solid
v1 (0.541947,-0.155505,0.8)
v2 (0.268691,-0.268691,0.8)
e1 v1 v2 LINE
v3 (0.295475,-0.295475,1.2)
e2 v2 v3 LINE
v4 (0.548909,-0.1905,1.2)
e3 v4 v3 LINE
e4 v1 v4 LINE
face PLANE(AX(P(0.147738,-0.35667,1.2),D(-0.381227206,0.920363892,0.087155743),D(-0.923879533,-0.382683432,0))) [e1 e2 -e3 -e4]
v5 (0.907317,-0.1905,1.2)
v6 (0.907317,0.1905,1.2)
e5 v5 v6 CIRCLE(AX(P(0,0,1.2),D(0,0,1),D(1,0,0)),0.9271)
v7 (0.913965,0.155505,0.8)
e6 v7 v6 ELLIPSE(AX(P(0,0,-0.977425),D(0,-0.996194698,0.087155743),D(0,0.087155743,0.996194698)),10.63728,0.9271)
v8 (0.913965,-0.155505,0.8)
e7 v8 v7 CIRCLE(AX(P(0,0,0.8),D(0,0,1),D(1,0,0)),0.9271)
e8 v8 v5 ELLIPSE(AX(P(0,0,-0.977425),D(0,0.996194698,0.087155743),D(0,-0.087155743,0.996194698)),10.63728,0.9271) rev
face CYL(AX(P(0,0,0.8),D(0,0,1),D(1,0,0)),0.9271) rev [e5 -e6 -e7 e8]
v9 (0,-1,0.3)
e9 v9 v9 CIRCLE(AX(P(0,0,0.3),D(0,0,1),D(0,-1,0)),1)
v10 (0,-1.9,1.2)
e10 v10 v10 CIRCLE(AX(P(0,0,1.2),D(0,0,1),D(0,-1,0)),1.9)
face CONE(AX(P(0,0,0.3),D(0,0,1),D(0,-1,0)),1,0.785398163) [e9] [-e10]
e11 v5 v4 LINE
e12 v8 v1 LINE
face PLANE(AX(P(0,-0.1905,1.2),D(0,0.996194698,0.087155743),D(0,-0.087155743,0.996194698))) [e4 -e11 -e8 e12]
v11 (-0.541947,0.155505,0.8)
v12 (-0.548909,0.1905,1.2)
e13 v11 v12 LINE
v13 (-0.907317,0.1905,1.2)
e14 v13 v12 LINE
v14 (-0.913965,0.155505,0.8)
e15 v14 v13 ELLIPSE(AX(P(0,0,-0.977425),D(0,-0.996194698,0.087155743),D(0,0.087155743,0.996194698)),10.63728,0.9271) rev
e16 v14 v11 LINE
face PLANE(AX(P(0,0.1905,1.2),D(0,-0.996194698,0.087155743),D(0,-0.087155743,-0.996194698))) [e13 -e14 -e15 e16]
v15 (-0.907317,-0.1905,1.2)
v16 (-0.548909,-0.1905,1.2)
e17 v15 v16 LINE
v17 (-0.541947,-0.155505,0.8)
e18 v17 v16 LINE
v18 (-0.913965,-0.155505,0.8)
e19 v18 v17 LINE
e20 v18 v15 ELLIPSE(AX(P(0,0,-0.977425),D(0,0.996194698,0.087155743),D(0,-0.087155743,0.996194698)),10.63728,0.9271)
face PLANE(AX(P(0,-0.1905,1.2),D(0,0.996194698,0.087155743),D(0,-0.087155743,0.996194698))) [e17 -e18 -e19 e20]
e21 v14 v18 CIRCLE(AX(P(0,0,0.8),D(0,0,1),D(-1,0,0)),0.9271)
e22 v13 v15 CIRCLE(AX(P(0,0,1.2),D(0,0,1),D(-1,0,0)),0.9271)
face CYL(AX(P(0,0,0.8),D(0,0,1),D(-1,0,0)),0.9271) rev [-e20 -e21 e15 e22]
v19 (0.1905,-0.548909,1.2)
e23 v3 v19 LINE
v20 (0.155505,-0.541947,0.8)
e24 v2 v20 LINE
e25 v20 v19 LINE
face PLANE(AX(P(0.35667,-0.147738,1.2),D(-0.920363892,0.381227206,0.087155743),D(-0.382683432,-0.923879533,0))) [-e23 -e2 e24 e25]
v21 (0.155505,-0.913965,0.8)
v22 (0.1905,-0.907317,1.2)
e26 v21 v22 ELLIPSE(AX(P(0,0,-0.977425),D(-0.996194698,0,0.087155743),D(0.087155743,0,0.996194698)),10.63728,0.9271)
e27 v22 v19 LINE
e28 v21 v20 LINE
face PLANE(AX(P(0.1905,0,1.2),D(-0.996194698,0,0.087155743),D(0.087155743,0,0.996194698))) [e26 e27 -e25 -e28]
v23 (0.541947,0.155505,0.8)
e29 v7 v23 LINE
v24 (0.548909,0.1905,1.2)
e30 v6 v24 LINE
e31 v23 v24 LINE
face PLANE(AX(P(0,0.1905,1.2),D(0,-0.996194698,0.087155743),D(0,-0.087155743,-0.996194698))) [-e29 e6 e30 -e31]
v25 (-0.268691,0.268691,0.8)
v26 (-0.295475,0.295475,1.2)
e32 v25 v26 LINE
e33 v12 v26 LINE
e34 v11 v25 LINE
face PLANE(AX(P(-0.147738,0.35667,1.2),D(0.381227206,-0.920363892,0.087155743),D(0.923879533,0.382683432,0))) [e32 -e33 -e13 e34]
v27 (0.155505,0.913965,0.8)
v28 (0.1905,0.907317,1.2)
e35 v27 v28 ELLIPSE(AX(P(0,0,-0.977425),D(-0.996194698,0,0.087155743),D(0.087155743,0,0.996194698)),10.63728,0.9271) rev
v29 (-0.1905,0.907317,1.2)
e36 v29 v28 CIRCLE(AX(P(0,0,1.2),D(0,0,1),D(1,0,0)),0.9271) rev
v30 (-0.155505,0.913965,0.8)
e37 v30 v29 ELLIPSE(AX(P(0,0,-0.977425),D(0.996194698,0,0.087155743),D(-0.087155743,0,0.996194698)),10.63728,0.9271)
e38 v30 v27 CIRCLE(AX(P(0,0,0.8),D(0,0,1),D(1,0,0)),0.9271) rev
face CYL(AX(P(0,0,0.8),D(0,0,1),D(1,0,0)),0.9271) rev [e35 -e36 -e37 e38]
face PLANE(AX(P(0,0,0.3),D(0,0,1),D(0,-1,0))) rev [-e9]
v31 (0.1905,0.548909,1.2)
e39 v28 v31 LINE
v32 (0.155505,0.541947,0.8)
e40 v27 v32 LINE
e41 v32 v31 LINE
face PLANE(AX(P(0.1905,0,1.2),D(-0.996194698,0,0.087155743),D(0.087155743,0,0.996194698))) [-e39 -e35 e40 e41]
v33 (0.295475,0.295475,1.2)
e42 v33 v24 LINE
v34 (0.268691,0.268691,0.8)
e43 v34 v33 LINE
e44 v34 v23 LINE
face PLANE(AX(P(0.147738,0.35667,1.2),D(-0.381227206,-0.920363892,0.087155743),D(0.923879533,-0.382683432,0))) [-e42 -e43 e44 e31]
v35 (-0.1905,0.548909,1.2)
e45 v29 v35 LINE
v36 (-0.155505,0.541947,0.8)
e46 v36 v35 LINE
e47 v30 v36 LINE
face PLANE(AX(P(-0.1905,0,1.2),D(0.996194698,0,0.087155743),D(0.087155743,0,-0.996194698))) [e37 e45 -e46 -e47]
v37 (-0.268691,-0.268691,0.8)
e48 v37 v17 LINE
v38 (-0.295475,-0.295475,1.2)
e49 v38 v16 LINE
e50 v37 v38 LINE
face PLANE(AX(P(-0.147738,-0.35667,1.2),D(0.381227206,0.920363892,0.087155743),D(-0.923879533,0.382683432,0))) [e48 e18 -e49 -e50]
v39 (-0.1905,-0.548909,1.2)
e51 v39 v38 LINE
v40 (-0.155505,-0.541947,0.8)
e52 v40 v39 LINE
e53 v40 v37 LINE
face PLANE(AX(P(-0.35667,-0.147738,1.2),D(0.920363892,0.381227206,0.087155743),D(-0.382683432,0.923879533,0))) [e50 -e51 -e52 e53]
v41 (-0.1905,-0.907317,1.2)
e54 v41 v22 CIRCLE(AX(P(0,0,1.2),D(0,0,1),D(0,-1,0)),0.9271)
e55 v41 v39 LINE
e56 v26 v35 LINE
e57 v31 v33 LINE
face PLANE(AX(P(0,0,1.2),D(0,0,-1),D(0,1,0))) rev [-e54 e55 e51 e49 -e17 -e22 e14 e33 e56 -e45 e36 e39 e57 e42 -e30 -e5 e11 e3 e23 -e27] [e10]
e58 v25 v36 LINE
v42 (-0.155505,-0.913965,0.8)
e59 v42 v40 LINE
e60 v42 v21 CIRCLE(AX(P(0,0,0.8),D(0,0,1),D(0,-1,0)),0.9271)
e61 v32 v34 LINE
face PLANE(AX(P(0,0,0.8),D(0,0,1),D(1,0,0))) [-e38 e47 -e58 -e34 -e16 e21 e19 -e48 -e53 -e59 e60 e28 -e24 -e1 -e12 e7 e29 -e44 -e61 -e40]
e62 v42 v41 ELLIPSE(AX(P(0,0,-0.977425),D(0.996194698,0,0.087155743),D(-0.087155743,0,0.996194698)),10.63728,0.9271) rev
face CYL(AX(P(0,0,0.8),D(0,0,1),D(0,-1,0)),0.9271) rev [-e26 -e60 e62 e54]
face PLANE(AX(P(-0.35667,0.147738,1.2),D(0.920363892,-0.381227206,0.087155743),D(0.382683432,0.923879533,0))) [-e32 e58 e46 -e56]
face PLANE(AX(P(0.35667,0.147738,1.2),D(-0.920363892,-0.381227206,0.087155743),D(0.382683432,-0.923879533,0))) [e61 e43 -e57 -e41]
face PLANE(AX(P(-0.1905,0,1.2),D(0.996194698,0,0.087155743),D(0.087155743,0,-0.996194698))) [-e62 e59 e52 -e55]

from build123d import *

# Parameters (mm, degrees)
CUT_EXTRUDE1_DEPTH = 0.4
CIRPATTERN1_COUNT  = 4
DRAFT2_ANGLE       = 5


with BuildPart() as part:
    # Sketch3 → Revolve1 (revolve)
    with BuildSketch(Plane(origin=(0, 0, 0), x_dir=(0, 0, -1), z_dir=(1, 0, 0)), mode=Mode.PRIVATE) as revolve1_sk:
        Polygon((-1.2, 0), (-1.2, 1.9), (-0.3, 1), (-0.3, 0), align=None)
    revolve(revolve1_sk.sketch.rotate(Axis((0, 0, 1.2), (0, 0, -1)), 180), axis=Axis((0, 0, 1.2), (0, 0, -1)))

    # Sketch4 → Cut-Extrude1 (cut)
    with BuildSketch(Plane.XY.offset(1.2)):
        with BuildLine():
            Line((0, 0), (0.9271, 0))
            ThreePointArc((0.9271, 0), (0.92214099, 0.095762227), (0.907317012, 0.1905))
            Line((0.907317012, 0.1905), (0.548908506, 0.1905))
            Line((0.548908506, 0.1905), (0.295475421, 0.295475421))
            Line((0.295475421, 0.295475421), (0.1905, 0.548908506))
            Line((0.1905, 0.548908506), (0.1905, 0.907317012))
            ThreePointArc((0.1905, 0.907317012), (0.095762227, 0.92214099), (0, 0.9271))
            Line((0, 0.9271), (0, 0))
        make_face()
    cut_extrude1 = extrude(amount=-CUT_EXTRUDE1_DEPTH, mode=Mode.SUBTRACT)

    # CirPattern1: Cut-Extrude1 ×4 about axis
    cirpattern1_axis = Axis((0, 0, 0), (0, 0, 1))
    for i in range(1, CIRPATTERN1_COUNT):
        add(cut_extrude1.rotate(cirpattern1_axis, i * 360 / CIRPATTERN1_COUNT), mode=Mode.SUBTRACT)

    # Draft2
    draft2_faces = [part.faces().sort_by_distance(p)[0] for p in [
        (-0.728112759, 0.1905, 1),
        (-0.422191963, 0.24298771, 1),
        (-0.24298771, 0.422191963, 1),
        (-0.1905, 0.728112759, 1),
        (0.1905, 0.728112759, 1),
        (0.24298771, 0.422191963, 1),
        (0.422191963, 0.24298771, 1),
        (0.728112759, 0.1905, 1),
        (0.728112759, -0.1905, 1),
        (0.422191963, -0.24298771, 1),
        (0.24298771, -0.422191963, 1),
        (0.1905, -0.728112759, 1),
        (-0.1905, -0.728112759, 1),
        (-0.24298771, -0.422191963, 1),
        (-0.422191963, -0.24298771, 1),
        (-0.728112759, -0.1905, 1),
    ]]
    draft(draft2_faces, Plane(origin=(0, 0, 1.2), x_dir=(0, 1, 0), z_dir=(0, 0, 1)), DRAFT2_ANGLE)


solid = part.part
